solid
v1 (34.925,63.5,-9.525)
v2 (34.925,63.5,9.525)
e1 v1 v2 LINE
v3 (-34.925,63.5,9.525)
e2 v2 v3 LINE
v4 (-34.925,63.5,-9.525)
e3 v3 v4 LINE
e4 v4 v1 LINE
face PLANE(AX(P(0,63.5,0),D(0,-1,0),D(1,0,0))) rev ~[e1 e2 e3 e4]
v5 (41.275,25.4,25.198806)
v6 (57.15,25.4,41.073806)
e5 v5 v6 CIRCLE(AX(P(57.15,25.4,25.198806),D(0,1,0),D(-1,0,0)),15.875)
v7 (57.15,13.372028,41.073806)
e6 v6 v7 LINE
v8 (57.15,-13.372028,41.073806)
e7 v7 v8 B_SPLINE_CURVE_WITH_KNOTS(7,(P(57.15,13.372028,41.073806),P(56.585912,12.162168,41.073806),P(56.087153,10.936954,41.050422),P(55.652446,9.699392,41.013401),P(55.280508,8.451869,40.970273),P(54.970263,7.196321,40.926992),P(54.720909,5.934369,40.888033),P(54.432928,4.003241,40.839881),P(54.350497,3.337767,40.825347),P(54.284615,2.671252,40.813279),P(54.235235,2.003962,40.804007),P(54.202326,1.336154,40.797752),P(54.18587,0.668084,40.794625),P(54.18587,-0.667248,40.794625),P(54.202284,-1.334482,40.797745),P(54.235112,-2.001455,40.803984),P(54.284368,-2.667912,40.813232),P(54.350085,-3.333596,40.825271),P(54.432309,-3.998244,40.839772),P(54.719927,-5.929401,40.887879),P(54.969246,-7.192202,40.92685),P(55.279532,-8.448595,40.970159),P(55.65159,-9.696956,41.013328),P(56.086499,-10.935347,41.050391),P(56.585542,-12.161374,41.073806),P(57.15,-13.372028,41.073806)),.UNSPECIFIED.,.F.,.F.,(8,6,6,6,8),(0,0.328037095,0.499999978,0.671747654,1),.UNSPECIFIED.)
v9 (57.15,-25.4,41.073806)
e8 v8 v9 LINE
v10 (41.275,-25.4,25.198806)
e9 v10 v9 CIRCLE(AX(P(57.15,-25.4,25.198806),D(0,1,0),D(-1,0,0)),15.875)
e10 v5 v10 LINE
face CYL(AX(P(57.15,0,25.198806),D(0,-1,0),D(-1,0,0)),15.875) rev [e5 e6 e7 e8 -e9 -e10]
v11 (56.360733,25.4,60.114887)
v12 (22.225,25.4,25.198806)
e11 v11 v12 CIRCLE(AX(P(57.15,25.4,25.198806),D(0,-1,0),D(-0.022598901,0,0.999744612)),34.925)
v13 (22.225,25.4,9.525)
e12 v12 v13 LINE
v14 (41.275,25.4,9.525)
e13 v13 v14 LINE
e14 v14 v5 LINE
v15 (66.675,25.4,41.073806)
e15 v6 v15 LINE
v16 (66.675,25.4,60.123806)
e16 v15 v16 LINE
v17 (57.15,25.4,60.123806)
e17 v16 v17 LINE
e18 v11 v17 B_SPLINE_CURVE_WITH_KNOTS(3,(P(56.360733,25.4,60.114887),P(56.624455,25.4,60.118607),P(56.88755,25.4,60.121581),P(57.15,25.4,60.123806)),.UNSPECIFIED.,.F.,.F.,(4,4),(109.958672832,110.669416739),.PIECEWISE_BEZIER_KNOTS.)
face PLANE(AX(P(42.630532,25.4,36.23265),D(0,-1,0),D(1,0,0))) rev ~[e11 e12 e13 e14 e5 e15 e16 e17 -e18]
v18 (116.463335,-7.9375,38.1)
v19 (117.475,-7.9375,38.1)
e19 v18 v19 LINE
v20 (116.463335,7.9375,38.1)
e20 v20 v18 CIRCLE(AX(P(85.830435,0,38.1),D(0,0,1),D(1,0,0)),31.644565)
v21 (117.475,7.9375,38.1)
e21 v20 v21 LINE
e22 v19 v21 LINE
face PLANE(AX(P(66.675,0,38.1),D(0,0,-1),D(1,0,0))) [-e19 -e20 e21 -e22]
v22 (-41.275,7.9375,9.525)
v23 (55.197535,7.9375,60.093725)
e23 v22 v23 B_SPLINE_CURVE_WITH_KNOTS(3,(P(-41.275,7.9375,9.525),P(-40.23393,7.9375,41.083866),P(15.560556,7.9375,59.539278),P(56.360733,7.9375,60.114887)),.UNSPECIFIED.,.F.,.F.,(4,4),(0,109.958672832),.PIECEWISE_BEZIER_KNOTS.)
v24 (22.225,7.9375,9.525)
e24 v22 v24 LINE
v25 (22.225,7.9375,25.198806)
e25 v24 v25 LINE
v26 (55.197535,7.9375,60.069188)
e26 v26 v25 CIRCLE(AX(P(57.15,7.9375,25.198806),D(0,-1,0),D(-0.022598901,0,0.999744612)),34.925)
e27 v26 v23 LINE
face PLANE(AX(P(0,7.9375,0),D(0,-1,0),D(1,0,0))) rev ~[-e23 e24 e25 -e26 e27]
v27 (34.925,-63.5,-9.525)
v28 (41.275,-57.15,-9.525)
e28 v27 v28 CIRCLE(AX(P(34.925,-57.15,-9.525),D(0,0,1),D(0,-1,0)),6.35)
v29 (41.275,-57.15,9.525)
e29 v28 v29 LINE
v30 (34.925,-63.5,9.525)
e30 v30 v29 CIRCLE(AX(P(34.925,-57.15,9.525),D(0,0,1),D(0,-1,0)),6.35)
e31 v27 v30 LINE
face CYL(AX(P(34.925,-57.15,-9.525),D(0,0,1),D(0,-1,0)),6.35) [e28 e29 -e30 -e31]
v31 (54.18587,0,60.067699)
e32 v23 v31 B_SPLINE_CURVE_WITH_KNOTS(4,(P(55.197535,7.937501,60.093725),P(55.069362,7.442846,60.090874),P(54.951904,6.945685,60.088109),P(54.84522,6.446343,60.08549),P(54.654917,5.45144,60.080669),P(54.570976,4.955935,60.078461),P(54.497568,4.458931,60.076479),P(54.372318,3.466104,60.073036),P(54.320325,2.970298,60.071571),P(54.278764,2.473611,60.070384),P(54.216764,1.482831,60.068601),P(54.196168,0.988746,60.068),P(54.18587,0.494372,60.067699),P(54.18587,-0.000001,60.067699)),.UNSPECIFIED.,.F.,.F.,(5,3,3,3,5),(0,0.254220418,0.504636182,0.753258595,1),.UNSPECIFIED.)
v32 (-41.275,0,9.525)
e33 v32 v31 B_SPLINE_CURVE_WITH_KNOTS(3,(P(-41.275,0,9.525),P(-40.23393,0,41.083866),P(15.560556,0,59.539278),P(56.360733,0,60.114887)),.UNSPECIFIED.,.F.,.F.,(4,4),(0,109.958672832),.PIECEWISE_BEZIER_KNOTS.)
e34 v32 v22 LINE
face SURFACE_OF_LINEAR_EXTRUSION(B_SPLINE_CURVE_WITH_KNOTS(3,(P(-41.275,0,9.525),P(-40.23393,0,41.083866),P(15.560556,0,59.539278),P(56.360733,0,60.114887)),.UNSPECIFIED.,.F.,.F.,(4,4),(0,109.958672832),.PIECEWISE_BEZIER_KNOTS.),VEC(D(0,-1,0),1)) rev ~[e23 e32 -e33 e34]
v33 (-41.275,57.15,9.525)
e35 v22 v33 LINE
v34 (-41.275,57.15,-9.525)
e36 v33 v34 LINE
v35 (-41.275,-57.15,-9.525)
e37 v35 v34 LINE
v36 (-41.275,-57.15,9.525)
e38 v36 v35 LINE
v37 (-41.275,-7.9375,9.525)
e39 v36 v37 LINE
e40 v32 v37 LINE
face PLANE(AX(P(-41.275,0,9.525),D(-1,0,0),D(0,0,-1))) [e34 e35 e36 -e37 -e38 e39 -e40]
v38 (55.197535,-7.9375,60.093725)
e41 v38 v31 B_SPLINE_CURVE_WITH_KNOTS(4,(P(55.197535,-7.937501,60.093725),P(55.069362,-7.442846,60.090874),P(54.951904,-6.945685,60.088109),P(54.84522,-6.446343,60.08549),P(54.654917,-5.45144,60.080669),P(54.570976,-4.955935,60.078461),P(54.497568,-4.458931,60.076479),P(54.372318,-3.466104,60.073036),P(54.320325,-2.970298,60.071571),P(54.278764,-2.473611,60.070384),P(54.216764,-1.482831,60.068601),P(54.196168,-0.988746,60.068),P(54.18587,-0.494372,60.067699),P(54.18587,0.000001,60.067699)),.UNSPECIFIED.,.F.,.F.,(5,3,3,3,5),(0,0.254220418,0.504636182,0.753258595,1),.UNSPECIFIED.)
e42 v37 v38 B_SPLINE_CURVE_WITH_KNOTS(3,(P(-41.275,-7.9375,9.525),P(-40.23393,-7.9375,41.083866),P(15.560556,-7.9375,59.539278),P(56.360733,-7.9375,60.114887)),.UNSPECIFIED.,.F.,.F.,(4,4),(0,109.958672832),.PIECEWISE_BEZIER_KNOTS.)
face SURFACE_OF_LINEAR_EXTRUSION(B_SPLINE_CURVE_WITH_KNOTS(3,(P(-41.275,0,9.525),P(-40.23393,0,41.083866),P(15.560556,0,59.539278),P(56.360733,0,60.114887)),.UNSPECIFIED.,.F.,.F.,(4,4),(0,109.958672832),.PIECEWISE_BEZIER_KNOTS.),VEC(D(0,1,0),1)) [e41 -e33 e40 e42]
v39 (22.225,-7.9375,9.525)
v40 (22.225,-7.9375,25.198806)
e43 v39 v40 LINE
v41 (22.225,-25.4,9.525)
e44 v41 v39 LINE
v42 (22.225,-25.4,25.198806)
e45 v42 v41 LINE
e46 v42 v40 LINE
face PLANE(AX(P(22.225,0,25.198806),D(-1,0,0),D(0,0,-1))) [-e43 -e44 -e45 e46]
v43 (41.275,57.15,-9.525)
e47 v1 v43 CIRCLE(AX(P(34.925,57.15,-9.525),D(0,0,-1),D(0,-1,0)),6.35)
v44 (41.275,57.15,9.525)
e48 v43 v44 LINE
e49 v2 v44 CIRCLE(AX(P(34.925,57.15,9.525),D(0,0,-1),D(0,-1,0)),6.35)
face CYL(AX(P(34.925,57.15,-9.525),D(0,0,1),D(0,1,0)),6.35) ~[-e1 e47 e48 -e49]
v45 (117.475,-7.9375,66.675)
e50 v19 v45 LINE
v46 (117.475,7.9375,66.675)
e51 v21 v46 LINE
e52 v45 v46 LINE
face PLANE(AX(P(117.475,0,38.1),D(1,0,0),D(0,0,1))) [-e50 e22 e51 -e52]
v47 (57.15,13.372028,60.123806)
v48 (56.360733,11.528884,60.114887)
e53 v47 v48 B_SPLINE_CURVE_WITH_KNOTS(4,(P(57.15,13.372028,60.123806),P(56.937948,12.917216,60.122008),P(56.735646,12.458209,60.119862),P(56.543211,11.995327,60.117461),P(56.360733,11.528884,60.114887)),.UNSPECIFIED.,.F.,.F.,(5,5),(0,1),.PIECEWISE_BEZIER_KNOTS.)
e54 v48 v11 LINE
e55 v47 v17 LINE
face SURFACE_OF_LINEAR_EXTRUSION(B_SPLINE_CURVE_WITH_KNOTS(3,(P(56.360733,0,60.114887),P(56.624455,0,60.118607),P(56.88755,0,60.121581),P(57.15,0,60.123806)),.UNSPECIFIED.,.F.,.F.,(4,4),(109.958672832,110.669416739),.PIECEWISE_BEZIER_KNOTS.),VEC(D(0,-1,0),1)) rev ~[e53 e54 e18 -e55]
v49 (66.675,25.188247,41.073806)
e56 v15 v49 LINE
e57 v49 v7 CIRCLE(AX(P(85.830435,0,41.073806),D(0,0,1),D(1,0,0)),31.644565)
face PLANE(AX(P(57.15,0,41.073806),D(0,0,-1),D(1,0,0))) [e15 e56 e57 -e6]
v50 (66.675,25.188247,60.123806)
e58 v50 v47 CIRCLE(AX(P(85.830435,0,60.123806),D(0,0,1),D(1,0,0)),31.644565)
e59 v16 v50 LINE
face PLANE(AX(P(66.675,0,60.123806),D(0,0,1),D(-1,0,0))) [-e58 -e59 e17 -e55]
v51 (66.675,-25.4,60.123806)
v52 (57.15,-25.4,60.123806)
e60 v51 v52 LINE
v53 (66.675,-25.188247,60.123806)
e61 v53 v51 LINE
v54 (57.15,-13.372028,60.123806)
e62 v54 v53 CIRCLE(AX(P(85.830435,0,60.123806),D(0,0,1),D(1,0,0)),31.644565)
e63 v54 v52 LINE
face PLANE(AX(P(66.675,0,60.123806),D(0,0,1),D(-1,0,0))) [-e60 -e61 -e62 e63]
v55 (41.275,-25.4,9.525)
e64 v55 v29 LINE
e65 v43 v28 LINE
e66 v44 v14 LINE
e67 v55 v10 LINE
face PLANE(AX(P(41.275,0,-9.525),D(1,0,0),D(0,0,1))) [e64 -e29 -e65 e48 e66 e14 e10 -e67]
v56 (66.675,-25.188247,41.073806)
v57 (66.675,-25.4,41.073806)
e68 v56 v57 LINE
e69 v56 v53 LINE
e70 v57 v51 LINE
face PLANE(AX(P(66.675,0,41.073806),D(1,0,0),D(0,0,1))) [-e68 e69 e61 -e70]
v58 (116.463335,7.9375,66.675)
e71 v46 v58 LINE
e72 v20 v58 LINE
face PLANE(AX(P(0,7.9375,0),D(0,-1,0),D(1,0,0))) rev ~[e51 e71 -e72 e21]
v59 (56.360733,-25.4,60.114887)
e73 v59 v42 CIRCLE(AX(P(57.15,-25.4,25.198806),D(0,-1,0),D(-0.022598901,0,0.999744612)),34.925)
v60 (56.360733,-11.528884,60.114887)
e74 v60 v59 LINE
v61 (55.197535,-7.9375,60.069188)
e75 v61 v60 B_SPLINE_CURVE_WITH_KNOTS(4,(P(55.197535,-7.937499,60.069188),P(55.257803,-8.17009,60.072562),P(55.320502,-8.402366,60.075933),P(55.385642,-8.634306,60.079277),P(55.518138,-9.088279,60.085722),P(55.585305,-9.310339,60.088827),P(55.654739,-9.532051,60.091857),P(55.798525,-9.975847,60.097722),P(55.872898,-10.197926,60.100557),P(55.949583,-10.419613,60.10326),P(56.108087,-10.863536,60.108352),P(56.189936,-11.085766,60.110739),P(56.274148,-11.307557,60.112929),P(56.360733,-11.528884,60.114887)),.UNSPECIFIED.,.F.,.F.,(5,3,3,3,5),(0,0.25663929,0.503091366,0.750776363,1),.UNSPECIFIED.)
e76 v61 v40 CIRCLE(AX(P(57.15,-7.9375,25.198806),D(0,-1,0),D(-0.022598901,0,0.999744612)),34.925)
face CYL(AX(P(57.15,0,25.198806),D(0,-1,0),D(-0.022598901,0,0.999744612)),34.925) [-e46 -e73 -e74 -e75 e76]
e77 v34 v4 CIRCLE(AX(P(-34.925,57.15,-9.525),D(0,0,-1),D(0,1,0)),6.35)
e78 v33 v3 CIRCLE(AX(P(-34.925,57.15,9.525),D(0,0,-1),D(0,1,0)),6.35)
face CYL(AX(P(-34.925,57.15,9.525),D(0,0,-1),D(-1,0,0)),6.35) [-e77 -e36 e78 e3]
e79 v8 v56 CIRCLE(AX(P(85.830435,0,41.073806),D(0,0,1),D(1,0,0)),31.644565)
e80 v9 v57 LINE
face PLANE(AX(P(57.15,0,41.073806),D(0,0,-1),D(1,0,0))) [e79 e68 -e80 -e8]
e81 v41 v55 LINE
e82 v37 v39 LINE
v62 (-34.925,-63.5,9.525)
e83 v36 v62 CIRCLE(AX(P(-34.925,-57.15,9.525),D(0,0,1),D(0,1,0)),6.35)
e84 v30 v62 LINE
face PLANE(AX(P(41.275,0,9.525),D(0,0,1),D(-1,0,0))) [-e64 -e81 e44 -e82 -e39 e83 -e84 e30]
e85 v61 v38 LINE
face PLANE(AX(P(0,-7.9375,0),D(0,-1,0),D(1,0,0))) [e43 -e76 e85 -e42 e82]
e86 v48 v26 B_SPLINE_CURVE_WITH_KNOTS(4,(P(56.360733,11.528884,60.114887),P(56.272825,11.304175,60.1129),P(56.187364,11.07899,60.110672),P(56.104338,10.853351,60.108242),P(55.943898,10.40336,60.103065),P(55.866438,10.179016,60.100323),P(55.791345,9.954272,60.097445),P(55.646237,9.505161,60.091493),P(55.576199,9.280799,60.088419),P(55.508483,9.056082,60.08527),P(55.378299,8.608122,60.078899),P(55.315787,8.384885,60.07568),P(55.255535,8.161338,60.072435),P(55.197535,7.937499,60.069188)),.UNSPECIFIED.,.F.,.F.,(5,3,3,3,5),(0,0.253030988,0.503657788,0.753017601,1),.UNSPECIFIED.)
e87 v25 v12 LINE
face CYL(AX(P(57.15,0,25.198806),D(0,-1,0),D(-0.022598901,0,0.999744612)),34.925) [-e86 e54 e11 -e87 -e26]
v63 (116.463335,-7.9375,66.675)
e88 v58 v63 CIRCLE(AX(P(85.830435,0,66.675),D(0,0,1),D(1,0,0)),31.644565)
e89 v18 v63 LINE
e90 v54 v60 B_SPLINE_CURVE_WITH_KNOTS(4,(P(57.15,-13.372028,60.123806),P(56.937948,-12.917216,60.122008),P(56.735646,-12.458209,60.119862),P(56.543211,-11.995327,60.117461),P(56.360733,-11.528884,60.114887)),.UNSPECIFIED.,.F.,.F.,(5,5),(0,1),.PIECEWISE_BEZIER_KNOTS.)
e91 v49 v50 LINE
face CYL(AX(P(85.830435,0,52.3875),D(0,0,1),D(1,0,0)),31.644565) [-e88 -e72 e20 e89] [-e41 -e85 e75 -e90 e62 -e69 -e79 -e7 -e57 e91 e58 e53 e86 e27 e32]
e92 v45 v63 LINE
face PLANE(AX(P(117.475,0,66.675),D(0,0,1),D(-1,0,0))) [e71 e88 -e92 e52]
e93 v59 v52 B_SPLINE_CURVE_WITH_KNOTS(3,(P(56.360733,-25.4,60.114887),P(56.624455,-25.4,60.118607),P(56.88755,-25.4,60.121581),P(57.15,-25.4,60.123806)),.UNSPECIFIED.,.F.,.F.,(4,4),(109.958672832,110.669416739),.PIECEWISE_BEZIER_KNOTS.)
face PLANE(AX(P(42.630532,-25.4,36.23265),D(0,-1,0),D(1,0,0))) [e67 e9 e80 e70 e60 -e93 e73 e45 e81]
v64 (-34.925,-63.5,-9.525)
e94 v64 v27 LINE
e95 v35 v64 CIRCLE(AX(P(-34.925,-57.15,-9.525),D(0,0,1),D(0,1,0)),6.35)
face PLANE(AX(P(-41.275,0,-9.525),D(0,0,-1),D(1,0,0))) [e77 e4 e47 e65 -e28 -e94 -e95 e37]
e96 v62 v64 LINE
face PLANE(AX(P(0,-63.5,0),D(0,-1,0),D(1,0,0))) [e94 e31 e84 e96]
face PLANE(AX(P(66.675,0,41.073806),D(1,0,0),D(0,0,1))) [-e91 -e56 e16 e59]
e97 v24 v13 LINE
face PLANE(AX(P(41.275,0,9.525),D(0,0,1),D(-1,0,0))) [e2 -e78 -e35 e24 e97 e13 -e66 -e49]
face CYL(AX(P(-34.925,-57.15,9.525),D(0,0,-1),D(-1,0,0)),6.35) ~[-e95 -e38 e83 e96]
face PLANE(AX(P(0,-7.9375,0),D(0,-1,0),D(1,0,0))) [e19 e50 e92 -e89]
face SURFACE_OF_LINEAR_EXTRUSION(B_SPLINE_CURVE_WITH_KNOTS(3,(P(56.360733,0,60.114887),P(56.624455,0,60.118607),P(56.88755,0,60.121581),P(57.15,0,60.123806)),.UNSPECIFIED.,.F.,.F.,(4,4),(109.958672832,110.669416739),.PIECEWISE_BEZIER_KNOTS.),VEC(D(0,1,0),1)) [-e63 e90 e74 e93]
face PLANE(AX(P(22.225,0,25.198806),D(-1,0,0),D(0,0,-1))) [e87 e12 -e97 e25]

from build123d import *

# Parameters (mm, degrees)
F1_DEPTH = 63.5
F2_DEPTH = 25.4
F0_W     = 31.6445648432
F0_H     = 28.575
F3_DEPTH = 7.9375
F5_R     = 6.35


with BuildPart() as f1:
    # F0 (on Front) → F1 (new body, symmetric)
    with BuildSketch(Plane.XZ):
        Polygon((-41.275, -9.525), (41.275, -9.525), (41.275, 9.525), (22.225, 9.525), (-41.275, 9.525), align=None)
    extrude(amount=F1_DEPTH, both=True)

    # F0 (on Front) → F2 (join, symmetric)
    with BuildSketch(Plane.XZ):
        with BuildLine():
            Line((22.225, 9.525), (41.275, 9.525))
            Line((41.275, 9.525), (41.275, 25.1988060772))
            ThreePointArc((41.275, 25.1988060772), (45.9246798487, 36.4241262286), (57.15, 41.0738060772))
            Line((57.15, 41.0738060772), (66.675, 41.0738060772))
            Line((66.675, 41.0738060772), (66.675, 60.1238060772))
            Line((66.675, 60.1238060772), (57.15, 60.1238060772))
            add(Edge.make_bspline(
                [(56.3607333992, 60.1148866596), (56.6244550053, 60.118607245), (56.8875501507, 60.1215808142), (57.15, 60.1238060772)],
                knots=[109.9586728318, 109.9586728318, 109.9586728318, 109.9586728318, 110.6694167394, 110.6694167394, 110.6694167394, 110.6694167394], degree=3))
            ThreePointArc((56.3607333992, 60.1148866596), (32.1768067617, 49.6138679138), (22.225, 25.1988060772))
            Line((22.225, 25.1988060772), (22.225, 9.525))
        make_face()
    extrude(amount=F2_DEPTH, both=True)

    # F0 (on Front) → F3 (join, symmetric)
    with BuildSketch(Plane.XZ):
        Polygon((-41.275, -9.525), (41.275, -9.525), (41.275, 9.525), (22.225, 9.525), (-41.275, 9.525), align=None)
        with BuildLine():
            Line((22.225, 9.525), (41.275, 9.525))
            Line((41.275, 9.525), (41.275, 25.1988060772))
            ThreePointArc((41.275, 25.1988060772), (45.9246798487, 36.4241262286), (57.15, 41.0738060772))
            Line((57.15, 41.0738060772), (66.675, 41.0738060772))
            Line((66.675, 41.0738060772), (66.675, 60.1238060772))
            Line((66.675, 60.1238060772), (57.15, 60.1238060772))
            add(Edge.make_bspline(
                [(56.3607333992, 60.1148866596), (56.6244550053, 60.118607245), (56.8875501507, 60.1215808142), (57.15, 60.1238060772)],
                knots=[109.9586728318, 109.9586728318, 109.9586728318, 109.9586728318, 110.6694167394, 110.6694167394, 110.6694167394, 110.6694167394], degree=3))
            ThreePointArc((56.3607333992, 60.1148866596), (32.1768067617, 49.6138679138), (22.225, 25.1988060772))
            Line((22.225, 25.1988060772), (22.225, 9.525))
        make_face()
        with BuildLine():
            add(Edge.make_bspline(
                [(-41.275, 9.525), (-40.2339300381, 41.0838661131), (15.5605556063, 59.539277601), (56.3607333992, 60.1148866596)],
                knots=[0, 0, 0, 0, 109.9586728318, 109.9586728318, 109.9586728318, 109.9586728318], degree=3))
            Line((-41.275, 9.525), (22.225, 9.525))
            Line((22.225, 9.525), (22.225, 25.1988060772))
            ThreePointArc((22.225, 25.1988060772), (32.1768067617, 49.6138679138), (56.3607333992, 60.1148866596))
        make_face()
        with BuildLine():
            ThreePointArc((57.15, 60.1238060772), (56.7553415011, 60.1215761516), (56.3607333992, 60.1148866596))
            add(Edge.make_bspline(
                [(56.3607333992, 60.1148866596), (56.6244550053, 60.118607245), (56.8875501507, 60.1215808142), (57.15, 60.1238060772)],
                knots=[109.9586728318, 109.9586728318, 109.9586728318, 109.9586728318, 110.6694167394, 110.6694167394, 110.6694167394, 110.6694167394], degree=3))
        make_face()
        Polygon((66.675, 60.1238060772), (66.675, 41.0738060772), (66.675, 38.1), (85.8304351568, 38.1), (85.8304351568, 66.675), (66.675, 66.675), align=None)
        with Locations((101.6527175784, 52.3875)):
            Rectangle(F0_W, F0_H)
    extrude(amount=F3_DEPTH, both=True)

    # F0 (on Front) → F4 (revolve)
    with BuildSketch(Plane.XZ):
        with Locations((101.6527175784, 52.3875)):
            Rectangle(F0_W, F0_H)
    revolve(axis=Axis((85.8304351568, 0, 52.3875), (0, 0, 1)))

    # F5
    f5_edges = [f1.edges().sort_by_distance(p)[0] for p in [
        (-41.275, -63.5, 0),
        (41.275, -63.5, 0),
        (41.275, 63.5, 0),
        (-41.275, 63.5, 0),
    ]]
    fillet(f5_edges, radius=F5_R)


solid = f1.part
